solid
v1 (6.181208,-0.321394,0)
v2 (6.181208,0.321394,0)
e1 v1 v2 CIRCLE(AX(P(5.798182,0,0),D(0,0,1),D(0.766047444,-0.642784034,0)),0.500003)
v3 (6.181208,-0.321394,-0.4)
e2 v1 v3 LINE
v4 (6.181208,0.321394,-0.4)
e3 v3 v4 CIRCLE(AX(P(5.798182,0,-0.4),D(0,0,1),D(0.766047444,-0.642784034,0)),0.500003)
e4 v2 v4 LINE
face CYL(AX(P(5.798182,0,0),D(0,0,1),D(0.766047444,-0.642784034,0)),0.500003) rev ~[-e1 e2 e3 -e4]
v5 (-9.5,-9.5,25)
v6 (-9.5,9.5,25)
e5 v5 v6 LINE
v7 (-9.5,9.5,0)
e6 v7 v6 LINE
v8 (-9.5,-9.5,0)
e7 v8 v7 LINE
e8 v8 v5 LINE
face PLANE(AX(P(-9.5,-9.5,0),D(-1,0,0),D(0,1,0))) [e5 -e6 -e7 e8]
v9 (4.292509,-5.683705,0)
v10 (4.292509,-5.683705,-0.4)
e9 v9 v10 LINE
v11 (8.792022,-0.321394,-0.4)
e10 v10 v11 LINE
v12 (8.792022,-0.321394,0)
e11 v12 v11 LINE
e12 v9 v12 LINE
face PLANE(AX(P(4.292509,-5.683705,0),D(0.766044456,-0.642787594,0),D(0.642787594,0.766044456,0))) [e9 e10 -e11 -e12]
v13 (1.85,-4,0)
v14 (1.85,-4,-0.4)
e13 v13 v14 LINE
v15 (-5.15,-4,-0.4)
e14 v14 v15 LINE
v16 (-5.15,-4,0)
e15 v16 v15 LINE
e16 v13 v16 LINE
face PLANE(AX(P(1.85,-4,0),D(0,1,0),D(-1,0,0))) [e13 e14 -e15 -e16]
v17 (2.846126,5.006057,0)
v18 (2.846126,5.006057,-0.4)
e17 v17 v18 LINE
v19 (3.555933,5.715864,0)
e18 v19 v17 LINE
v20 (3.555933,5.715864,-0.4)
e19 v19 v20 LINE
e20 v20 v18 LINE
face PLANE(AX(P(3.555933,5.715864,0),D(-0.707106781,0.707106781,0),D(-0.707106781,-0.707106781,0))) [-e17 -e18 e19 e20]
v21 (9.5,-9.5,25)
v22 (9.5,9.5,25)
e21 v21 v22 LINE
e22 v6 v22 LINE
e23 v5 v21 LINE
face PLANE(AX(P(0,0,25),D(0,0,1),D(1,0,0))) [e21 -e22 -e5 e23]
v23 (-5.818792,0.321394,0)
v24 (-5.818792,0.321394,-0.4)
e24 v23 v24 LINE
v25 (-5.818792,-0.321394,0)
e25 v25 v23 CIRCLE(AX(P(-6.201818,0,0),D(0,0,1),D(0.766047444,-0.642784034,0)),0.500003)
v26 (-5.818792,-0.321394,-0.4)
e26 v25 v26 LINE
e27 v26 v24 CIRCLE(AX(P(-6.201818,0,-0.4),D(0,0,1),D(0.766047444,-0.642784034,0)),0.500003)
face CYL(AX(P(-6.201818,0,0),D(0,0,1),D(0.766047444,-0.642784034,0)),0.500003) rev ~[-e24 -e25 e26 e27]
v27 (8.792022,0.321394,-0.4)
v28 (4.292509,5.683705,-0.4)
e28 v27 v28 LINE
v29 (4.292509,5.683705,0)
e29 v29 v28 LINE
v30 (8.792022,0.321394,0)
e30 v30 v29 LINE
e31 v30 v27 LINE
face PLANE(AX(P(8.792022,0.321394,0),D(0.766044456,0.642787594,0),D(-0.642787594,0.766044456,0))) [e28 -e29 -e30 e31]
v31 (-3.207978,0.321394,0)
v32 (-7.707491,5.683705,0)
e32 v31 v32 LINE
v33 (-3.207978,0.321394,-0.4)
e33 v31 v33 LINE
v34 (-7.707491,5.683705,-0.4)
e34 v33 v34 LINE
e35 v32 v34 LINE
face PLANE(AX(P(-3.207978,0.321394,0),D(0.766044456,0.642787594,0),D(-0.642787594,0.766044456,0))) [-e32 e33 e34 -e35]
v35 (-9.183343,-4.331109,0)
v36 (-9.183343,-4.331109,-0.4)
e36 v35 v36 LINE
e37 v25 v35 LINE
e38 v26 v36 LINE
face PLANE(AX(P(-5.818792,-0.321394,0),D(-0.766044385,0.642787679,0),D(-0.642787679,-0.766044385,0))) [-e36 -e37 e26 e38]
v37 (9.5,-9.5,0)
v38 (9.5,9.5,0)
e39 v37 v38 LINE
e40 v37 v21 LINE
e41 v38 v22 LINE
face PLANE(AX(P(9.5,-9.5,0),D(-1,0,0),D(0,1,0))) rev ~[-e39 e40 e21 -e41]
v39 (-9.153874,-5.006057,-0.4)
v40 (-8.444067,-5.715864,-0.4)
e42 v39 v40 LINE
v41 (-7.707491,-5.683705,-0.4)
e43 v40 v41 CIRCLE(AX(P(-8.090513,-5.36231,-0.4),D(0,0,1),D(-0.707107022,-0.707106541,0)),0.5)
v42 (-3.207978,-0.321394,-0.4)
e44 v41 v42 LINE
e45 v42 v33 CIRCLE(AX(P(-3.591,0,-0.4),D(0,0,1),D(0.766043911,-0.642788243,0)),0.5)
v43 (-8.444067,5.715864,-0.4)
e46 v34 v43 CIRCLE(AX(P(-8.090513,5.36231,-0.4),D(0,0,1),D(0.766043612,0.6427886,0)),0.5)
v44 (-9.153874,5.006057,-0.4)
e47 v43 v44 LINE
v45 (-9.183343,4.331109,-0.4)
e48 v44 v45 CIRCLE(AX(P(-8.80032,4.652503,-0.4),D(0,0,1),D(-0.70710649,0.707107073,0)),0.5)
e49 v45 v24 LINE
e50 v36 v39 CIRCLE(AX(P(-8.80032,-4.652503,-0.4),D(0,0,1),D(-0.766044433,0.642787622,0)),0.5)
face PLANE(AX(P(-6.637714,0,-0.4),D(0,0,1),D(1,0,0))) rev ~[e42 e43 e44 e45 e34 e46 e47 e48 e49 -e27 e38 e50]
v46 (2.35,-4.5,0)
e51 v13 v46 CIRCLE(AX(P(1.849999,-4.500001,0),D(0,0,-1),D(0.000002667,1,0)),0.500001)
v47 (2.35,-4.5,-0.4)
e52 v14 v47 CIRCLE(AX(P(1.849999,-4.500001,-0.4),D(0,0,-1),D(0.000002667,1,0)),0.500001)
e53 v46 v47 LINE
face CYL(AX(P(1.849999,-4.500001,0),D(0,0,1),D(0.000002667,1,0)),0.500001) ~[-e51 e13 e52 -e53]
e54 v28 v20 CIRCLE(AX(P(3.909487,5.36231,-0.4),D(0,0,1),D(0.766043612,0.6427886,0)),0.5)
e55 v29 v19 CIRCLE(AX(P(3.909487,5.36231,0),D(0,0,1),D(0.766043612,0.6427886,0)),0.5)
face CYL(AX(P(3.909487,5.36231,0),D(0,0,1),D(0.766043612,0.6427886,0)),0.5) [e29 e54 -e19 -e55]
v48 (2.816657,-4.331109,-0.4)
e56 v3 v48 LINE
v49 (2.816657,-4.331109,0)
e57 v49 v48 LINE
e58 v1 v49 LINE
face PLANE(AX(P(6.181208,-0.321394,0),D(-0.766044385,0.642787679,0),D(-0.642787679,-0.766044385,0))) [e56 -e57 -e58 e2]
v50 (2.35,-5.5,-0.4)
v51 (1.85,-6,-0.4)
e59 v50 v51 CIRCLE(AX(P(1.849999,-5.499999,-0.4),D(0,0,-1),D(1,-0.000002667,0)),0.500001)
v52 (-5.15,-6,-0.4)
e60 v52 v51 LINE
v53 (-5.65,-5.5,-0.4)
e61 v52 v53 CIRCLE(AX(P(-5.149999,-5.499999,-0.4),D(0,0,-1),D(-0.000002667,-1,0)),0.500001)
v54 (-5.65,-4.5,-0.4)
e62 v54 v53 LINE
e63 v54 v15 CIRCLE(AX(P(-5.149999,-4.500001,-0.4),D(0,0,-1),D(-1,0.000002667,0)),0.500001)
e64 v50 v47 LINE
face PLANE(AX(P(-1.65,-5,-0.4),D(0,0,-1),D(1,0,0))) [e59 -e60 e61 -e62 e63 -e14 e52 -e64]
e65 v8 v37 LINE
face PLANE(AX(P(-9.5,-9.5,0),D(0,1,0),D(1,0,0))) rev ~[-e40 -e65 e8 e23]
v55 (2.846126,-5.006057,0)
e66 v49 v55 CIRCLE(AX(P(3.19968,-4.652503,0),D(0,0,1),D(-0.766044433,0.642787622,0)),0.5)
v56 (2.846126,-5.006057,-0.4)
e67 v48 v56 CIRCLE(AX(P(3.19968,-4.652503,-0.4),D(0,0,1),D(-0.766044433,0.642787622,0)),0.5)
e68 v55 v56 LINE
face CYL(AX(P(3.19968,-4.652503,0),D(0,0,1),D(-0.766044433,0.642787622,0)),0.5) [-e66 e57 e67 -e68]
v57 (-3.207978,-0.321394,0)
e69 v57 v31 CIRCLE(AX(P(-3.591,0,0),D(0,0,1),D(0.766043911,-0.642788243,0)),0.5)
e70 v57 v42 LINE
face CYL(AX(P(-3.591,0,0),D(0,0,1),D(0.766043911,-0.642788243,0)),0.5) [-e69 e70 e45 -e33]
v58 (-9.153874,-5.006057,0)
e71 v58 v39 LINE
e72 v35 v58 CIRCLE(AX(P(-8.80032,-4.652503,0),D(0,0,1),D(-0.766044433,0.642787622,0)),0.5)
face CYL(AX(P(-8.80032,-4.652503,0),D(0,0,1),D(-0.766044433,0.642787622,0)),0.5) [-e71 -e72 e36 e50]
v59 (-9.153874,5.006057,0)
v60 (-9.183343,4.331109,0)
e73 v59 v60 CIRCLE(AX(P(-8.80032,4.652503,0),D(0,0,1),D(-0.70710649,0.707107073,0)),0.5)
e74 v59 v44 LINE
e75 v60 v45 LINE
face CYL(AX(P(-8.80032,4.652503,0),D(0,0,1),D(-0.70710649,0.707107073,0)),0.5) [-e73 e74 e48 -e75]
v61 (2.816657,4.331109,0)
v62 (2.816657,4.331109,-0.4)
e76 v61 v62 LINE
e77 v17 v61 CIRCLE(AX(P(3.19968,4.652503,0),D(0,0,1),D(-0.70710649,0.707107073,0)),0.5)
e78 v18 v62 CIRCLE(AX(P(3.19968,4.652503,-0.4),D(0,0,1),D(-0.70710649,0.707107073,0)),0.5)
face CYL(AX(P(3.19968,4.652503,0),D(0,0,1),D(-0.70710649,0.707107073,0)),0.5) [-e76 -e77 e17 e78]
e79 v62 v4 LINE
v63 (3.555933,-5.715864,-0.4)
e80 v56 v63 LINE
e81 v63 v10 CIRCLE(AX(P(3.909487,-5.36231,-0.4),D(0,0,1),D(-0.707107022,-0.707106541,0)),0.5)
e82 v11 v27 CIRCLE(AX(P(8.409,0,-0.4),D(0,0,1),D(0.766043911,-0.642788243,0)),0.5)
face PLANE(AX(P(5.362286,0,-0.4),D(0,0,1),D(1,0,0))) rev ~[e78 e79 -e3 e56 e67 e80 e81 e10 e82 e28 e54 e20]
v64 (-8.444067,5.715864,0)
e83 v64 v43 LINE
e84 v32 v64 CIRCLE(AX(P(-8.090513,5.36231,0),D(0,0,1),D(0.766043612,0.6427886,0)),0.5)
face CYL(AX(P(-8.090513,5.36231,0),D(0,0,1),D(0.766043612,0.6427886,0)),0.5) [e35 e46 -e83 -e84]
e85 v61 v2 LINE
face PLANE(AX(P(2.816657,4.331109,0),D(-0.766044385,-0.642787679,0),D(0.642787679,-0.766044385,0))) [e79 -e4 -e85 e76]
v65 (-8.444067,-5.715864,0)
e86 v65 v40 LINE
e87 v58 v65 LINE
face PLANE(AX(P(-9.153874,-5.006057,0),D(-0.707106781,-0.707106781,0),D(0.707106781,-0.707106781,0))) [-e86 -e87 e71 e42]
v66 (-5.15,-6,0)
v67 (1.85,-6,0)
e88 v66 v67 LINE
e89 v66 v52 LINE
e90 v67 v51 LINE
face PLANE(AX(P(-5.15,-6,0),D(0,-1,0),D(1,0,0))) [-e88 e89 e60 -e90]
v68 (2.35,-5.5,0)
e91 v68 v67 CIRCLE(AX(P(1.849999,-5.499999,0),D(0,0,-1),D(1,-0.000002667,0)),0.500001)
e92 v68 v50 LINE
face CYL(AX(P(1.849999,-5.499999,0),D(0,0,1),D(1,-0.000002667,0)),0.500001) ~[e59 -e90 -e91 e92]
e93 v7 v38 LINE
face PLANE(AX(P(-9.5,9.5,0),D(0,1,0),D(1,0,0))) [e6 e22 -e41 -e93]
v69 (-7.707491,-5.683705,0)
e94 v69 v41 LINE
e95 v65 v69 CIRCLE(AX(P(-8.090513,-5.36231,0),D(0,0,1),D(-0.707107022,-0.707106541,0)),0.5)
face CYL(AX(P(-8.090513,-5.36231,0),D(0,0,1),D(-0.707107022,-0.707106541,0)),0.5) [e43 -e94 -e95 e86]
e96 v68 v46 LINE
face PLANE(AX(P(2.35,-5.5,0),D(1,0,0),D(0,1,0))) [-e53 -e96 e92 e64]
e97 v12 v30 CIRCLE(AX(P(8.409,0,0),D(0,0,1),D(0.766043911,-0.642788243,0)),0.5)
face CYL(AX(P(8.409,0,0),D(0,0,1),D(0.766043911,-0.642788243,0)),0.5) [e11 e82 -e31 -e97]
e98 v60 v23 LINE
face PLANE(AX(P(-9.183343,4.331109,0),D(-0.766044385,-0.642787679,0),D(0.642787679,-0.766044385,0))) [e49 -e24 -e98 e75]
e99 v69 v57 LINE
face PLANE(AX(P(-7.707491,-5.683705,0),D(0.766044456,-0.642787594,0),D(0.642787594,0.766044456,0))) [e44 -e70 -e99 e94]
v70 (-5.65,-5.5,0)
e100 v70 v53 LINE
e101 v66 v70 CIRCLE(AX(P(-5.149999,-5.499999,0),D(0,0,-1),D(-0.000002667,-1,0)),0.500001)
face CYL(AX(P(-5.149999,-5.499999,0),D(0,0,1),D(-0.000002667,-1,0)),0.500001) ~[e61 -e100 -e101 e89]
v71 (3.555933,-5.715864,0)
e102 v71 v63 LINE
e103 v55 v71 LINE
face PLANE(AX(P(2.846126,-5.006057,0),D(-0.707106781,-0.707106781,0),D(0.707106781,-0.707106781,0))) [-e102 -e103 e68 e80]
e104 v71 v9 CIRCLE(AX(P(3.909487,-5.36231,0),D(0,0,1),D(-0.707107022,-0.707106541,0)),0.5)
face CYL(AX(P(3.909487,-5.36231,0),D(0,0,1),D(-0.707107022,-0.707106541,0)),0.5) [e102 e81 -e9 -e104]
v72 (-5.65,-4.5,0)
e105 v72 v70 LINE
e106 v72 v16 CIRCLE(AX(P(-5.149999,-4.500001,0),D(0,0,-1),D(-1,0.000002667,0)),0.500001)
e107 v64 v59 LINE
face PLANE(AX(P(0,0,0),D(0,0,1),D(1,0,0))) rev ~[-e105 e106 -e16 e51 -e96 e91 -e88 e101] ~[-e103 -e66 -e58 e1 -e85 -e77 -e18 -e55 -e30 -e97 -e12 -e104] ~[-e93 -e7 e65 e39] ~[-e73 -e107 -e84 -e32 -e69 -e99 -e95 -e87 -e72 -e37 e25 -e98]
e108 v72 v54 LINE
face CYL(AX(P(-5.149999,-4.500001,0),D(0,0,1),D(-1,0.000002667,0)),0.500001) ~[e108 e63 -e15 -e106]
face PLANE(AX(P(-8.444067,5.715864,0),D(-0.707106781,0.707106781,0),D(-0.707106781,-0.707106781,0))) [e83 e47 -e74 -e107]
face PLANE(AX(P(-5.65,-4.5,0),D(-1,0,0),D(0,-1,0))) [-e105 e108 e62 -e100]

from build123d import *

# Parameters (mm, degrees)
SKETCH_W            = 19
SKETCH_H            = 19
PAD_DEPTH           = 25
PAD001_DEPTH        = 0.4
LINEARPATTERN_COUNT = 2
LINEARPATTERN_PITCH = 12
PAD002_DEPTH        = 0.4


with BuildPart() as part:
    # Sketch → Pad (new body)
    with BuildSketch(Plane.XY):
        Rectangle(SKETCH_W, SKETCH_H)
    extrude(amount=PAD_DEPTH)

    # Sketch001 → Pad001 (join)
    with BuildSketch(Plane.XY):
        with BuildLine():
            Line((-9.183343, 4.331109), (-5.818792, 0.321394))
            ThreePointArc((-5.818792, -0.321394), (-5.701815, 0), (-5.818792, 0.321394))
            Line((-5.818792, -0.321394), (-9.183343, -4.331109))
            ThreePointArc((-9.183343, -4.331109), (-9.299845, -4.674313), (-9.153874, -5.006057))
            Line((-9.153874, -5.006057), (-8.444067, -5.715864))
            ThreePointArc((-8.444067, -5.715864), (-8.068704, -5.861835), (-7.707491, -5.683705))
            Line((-7.707491, -5.683705), (-3.207978, -0.321394))
            ThreePointArc((-3.207978, -0.321394), (-3.091, 0), (-3.207978, 0.321394))
            Line((-3.207978, 0.321394), (-7.707491, 5.683705))
            ThreePointArc((-7.707491, 5.683705), (-8.068704, 5.861835), (-8.444067, 5.715864))
            Line((-8.444067, 5.715864), (-9.153874, 5.006057))
            ThreePointArc((-9.153874, 5.006057), (-9.299845, 4.674313), (-9.183343, 4.331109))
        make_face()
    pad001 = extrude(amount=-PAD001_DEPTH)

    # LinearPattern: Pad001 ×2
    with Locations(*[(i * LINEARPATTERN_PITCH, 0, 0) for i in range(1, LINEARPATTERN_COUNT)]):
        add(pad001)

    # Sketch002 → Pad002 (join)
    with BuildSketch(Plane(origin=(0, 0, 0), x_dir=(1, 0, 0), z_dir=(0, 0, -1))):
        with BuildLine():
            ThreePointArc((-5.15, 6), (-5.503553, 5.853553), (-5.65, 5.5))
            Line((-5.65, 4.5), (-5.65, 5.5))
            ThreePointArc((-5.65, 4.5), (-5.503553, 4.146447), (-5.15, 4))
            Line((1.85, 4), (-5.15, 4))
            ThreePointArc((1.85, 4), (2.203553, 4.146447), (2.35, 4.5))
            Line((2.35, 5.5), (2.35, 4.5))
            ThreePointArc((2.35, 5.5), (2.203553, 5.853553), (1.85, 6))
            Line((-5.15, 6), (1.85, 6))
        make_face()
    extrude(amount=PAD002_DEPTH)


solid = part.part
